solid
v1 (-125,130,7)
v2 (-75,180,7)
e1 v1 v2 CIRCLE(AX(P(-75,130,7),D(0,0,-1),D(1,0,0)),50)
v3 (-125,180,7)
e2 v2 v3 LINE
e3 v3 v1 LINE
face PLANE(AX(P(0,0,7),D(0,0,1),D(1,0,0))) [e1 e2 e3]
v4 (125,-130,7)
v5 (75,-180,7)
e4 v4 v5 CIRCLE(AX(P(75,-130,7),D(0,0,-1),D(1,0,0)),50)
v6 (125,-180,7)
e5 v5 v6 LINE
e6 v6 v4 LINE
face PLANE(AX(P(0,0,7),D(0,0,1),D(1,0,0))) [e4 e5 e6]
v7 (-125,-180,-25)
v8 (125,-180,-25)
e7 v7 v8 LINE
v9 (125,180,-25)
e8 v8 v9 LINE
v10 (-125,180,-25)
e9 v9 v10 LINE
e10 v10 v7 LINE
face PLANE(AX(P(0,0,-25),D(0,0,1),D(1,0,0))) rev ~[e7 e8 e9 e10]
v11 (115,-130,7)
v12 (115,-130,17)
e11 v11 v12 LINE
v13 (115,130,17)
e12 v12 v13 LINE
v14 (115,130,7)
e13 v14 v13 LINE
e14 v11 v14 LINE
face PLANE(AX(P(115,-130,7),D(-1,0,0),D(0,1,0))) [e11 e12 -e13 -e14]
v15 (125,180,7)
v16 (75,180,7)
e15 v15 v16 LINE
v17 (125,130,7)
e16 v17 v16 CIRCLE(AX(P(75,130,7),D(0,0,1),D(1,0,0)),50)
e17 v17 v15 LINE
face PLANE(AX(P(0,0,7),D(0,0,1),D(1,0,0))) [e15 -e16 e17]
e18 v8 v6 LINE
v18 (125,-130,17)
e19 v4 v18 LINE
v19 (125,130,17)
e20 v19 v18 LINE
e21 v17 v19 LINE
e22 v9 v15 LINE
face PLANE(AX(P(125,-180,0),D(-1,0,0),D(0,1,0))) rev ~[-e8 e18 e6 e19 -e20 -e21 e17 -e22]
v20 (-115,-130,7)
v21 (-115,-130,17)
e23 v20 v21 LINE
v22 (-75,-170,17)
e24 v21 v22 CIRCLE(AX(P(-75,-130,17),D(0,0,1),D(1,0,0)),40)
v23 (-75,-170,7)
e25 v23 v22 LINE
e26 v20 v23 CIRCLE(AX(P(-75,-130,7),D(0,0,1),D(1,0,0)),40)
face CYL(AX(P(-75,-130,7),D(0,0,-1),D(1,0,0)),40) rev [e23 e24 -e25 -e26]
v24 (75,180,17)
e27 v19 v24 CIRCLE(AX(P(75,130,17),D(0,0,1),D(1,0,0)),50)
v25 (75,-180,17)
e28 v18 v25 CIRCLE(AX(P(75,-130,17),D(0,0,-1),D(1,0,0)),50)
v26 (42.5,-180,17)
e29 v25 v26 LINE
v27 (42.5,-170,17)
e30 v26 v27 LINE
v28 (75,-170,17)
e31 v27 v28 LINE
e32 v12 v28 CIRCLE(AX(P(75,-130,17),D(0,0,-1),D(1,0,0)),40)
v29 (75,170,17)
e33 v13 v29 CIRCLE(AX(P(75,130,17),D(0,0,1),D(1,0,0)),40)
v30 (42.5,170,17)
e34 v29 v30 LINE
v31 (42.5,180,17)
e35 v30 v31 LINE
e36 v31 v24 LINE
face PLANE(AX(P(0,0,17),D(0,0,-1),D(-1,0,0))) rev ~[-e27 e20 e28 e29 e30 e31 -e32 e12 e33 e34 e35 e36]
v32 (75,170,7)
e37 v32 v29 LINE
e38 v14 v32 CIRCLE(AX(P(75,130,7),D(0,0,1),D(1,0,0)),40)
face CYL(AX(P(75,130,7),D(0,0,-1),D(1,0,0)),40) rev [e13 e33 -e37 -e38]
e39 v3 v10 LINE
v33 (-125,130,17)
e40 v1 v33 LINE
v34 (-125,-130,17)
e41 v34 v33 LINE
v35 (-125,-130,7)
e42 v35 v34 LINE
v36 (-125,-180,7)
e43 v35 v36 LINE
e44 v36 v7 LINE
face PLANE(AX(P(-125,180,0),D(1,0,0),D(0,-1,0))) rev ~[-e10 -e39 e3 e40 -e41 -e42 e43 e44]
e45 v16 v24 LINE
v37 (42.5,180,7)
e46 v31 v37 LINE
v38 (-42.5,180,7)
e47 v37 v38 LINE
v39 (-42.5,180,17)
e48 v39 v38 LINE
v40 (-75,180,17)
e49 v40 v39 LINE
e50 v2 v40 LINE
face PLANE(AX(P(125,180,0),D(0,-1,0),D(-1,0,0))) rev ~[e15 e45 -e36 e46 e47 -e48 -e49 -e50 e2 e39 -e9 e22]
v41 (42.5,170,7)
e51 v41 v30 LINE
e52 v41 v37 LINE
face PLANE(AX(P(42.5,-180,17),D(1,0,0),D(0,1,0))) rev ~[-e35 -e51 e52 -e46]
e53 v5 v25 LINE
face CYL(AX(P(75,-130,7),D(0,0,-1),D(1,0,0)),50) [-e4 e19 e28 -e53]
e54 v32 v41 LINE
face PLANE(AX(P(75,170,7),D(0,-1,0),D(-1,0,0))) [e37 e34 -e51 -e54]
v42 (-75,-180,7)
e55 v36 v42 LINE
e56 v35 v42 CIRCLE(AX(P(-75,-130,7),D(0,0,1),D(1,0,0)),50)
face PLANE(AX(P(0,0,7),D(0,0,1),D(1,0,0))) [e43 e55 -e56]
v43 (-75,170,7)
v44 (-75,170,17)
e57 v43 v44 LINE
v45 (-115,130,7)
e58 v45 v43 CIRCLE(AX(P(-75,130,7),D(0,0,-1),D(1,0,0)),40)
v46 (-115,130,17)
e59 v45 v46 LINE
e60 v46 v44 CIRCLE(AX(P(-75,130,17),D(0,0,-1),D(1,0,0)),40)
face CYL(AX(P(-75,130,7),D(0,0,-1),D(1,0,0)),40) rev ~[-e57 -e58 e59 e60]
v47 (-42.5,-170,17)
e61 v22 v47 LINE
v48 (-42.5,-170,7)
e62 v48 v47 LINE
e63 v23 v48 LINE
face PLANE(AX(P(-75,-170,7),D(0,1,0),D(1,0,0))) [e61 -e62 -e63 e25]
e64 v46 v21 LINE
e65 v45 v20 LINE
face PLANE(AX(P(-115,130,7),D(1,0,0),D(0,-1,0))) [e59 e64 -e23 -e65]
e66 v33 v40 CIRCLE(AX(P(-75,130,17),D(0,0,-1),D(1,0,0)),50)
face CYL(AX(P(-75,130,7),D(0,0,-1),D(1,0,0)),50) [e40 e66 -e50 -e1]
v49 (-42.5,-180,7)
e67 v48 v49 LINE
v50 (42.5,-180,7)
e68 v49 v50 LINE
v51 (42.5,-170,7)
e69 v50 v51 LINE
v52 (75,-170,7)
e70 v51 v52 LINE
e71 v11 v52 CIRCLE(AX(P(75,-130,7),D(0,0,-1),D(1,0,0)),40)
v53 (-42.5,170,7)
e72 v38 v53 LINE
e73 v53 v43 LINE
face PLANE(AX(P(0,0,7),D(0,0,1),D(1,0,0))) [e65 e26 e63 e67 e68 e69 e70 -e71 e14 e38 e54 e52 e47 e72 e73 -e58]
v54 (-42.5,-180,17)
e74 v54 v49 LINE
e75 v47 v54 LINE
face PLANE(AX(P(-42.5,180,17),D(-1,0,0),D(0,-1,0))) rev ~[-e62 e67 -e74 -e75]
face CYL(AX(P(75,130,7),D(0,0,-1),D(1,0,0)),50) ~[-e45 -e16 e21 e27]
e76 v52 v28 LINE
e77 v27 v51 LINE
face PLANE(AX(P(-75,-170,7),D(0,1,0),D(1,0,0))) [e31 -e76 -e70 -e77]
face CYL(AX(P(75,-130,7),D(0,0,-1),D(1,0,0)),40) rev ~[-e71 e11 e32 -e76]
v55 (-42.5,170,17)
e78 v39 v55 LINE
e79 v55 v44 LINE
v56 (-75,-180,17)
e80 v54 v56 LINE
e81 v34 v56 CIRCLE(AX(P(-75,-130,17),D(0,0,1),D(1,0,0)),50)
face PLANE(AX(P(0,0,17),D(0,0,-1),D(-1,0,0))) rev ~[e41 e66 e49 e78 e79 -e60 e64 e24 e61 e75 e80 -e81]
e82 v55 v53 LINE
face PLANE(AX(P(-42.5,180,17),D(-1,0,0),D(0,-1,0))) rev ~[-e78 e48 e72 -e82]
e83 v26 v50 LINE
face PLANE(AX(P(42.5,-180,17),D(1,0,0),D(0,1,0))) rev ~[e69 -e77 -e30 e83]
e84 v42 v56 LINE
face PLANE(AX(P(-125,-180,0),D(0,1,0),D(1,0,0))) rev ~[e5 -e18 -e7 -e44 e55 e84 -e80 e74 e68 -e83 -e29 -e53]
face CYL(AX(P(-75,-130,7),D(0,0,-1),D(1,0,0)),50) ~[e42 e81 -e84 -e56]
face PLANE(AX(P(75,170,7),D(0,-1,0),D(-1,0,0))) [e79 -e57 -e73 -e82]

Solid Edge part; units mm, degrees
sketch "Sketch1" plane through (0, 0, 0) normal (0, 0, 1) x (1, 0, 0)
  line L0 (-125, -180) -> (125, -180)
  line L1 (125, -180) -> (125, 180)
  line L2 (125, 180) -> (-125, 180)
  line L3 (-125, 180) -> (-125, -180)
extrude "Protrusion1" add sketch "Sketch1" along normal blind 7
sketch "Sketch2" plane through (0, 0, 7) normal (0, 0, 1) x (1, 0, 0)
  line L0 (75, -180) -> (-75, -180)
  arc A0 (-125, -130) -> (-75, -180) centre (-75, -130) ccw
  line L1 (-125, -130) -> (-125, 130)
  arc A1 (-125, 130) -> (-75, 180) centre (-75, 130) cw
  line L2 (-75, 180) -> (75, 180)
  arc A2 (125, 130) -> (75, 180) centre (75, 130) ccw
  line L3 (125, 130) -> (125, -130)
  arc A3 (125, -130) -> (75, -180) centre (75, -130) cw
  line L4 (75, 170) -> (-75, 170)
  arc A4 (-115, 130) -> (-75, 170) centre (-75, 130) cw
  line L5 (-115, 130) -> (-115, -130)
  arc A5 (-115, -130) -> (-75, -170) centre (-75, -130) ccw
  line L6 (-75, -170) -> (75, -170)
  arc A6 (115, -130) -> (75, -170) centre (75, -130) cw
  line L7 (115, -130) -> (115, 130)
  arc A7 (115, 130) -> (75, 170) centre (75, 130) ccw
extrude "ExtrudedProtrusion_3" add sketch "Sketch2" along normal blind 10
sketch "Sketch3" plane through (0, 0, 17) normal (0, 0, 1) x (1, 0, 0)
  line L0 (-42.5, -180) -> (42.5, -180)
  line L1 (42.5, -180) -> (42.5, 180)
  line L2 (42.5, 180) -> (-42.5, 180)
  line L3 (-42.5, 180) -> (-42.5, -180)
extrude "ExtrudedCutout_1" cut sketch "Sketch3" against normal blind 10
sketch "Sketch4" plane through (0, 0, 0) normal (0, 0, -1) x (1, 0, 0)
  line L0 (125, -180) -> (-125, -180)
  line L1 (-125, -180) -> (-125, 180)
  line L2 (-125, 180) -> (125, 180)
  line L3 (125, 180) -> (125, -180)
extrude "ExtrudedProtrusion_4" add sketch "Sketch4" along normal blind 25
